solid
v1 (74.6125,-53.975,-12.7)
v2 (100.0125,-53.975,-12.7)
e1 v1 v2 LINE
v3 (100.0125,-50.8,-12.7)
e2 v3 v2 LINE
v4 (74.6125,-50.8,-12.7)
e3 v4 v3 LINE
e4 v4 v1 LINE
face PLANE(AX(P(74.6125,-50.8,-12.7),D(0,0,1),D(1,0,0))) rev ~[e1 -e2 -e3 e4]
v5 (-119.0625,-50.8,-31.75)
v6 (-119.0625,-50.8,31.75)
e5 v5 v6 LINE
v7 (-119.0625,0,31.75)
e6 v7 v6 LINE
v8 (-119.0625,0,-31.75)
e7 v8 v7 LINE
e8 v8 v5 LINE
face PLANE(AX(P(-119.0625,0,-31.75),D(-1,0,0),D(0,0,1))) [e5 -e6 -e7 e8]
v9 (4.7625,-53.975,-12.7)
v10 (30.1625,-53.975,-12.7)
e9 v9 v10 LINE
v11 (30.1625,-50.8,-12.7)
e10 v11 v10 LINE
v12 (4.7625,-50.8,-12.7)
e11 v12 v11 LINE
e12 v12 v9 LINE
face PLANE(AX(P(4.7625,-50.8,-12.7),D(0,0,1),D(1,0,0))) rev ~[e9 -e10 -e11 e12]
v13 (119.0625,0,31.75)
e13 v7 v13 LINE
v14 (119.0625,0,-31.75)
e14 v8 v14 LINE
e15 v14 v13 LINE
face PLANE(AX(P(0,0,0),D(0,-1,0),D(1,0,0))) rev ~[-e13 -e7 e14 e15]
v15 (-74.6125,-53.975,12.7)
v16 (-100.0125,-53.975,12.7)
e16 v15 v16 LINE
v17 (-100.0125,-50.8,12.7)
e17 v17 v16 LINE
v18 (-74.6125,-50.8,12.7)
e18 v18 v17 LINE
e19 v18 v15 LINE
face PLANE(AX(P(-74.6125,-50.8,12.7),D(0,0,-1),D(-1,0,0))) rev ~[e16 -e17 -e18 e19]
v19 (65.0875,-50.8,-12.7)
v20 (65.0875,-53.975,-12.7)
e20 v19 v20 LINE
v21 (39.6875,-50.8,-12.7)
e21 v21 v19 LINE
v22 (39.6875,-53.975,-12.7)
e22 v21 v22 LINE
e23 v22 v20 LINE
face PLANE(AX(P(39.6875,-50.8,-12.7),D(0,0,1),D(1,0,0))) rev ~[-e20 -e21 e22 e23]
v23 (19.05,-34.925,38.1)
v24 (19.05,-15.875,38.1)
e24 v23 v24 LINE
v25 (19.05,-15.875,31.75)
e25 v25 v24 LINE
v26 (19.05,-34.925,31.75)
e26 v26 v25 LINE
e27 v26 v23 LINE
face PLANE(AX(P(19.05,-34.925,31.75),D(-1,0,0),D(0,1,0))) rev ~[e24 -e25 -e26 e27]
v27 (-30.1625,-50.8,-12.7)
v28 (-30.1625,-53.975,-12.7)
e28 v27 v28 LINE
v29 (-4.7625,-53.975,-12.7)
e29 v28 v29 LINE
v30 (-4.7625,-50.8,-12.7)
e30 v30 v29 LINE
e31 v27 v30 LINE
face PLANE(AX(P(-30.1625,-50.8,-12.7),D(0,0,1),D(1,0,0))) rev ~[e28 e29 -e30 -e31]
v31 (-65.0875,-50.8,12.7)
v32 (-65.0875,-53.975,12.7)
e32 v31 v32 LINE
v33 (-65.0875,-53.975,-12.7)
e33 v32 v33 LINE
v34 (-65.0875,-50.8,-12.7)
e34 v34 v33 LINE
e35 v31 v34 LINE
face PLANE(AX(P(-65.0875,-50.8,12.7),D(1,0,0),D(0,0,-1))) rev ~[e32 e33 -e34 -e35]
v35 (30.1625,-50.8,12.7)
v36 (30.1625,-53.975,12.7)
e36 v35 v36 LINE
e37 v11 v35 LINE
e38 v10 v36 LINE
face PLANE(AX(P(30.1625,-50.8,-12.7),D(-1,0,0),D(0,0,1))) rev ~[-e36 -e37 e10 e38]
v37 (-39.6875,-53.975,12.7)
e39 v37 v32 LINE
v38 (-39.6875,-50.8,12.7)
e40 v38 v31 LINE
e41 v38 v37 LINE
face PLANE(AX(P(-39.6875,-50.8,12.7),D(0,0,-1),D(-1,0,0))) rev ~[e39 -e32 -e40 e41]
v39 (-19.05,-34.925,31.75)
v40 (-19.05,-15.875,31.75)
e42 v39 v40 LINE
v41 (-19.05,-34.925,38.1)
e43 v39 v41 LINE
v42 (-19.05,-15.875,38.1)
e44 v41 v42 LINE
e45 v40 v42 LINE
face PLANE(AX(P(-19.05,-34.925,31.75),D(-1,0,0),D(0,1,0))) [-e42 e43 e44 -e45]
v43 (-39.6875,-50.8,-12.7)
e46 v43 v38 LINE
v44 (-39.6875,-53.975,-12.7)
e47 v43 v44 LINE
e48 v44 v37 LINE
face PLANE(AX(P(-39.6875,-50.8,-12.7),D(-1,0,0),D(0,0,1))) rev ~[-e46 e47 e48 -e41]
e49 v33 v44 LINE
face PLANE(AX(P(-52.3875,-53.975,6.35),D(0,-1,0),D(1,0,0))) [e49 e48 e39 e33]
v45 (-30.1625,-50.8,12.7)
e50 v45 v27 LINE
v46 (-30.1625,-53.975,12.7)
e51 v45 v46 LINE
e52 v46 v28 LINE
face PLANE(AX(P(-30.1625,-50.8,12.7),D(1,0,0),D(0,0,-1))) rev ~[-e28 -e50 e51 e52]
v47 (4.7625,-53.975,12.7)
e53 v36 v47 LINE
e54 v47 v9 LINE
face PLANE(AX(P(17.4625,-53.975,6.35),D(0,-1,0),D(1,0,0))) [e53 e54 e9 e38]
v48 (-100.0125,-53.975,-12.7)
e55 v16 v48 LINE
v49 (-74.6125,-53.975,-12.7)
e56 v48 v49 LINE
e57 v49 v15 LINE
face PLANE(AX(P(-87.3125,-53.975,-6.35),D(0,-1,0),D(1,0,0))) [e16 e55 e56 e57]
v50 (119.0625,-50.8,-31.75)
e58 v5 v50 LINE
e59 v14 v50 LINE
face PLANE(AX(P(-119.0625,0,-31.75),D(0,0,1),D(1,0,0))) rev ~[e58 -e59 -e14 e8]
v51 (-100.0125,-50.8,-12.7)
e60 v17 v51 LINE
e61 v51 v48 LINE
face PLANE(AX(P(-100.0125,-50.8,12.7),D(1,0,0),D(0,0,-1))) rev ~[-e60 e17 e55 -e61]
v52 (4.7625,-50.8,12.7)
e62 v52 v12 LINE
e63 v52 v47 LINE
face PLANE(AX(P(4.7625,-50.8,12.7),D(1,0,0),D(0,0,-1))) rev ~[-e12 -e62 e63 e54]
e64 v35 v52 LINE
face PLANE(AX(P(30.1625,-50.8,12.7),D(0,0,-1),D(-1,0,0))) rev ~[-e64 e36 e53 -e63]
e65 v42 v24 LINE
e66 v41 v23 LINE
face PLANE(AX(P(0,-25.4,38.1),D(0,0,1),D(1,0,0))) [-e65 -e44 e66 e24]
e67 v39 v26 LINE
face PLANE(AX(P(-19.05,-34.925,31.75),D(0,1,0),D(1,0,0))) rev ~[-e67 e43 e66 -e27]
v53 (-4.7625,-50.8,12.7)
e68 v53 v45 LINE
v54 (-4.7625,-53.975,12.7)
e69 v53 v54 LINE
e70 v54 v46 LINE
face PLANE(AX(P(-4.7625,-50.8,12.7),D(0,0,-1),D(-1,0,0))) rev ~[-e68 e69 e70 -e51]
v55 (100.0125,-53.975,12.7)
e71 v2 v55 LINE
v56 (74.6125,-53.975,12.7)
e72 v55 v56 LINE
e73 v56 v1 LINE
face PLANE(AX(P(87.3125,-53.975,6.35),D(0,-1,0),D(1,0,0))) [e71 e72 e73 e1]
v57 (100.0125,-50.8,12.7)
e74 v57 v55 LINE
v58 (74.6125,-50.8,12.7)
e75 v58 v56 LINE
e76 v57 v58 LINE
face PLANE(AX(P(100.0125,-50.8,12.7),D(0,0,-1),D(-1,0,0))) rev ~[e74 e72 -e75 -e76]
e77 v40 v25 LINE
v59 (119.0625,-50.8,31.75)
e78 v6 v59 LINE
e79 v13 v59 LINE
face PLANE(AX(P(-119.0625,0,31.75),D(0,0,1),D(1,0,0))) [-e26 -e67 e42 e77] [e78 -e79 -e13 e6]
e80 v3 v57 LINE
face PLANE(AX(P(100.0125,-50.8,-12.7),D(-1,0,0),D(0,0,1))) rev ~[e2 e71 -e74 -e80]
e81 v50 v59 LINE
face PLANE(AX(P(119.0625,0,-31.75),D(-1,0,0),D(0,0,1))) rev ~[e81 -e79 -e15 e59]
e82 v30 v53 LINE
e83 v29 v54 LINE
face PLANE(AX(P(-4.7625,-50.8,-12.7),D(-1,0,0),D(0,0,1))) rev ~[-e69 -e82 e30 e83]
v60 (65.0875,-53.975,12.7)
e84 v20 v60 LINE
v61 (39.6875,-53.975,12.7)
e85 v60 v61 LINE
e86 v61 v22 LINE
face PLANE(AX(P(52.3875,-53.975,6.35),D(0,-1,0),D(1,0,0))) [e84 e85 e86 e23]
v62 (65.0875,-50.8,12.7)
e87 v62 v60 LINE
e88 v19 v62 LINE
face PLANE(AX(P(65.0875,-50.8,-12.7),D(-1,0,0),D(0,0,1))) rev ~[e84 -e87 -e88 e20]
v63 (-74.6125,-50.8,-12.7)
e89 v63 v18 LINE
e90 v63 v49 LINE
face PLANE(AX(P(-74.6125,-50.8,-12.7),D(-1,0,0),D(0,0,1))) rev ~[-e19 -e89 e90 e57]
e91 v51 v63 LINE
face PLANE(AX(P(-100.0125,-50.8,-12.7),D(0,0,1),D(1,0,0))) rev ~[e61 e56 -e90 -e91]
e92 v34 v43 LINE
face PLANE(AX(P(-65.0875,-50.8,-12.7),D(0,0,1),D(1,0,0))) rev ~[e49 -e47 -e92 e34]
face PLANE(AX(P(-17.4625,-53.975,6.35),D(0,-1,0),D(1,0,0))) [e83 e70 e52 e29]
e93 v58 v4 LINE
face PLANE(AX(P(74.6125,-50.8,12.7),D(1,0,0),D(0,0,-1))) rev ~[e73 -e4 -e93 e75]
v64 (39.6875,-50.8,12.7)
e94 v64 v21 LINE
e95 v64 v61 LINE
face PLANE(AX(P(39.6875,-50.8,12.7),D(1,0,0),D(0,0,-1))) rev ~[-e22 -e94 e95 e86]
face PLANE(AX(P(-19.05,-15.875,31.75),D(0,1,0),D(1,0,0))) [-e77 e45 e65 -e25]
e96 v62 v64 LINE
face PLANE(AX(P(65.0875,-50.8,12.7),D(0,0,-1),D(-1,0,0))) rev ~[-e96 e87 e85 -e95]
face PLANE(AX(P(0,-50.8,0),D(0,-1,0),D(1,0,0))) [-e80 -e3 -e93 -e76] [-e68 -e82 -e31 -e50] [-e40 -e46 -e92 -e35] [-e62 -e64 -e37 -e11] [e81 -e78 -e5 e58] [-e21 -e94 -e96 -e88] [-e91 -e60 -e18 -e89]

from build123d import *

# Parameters (mm, degrees)
F0_W     = 238.125
F0_H     = 63.5
F1_DEPTH = 50.8
F3_DEPTH = 3.175
F4_W     = 38.1
F4_H     = 19.05
F5_DEPTH = 6.35


with BuildPart() as f1:
    # F0 (on Front) → F1 (new body)
    with BuildSketch(Plane.XZ):
        Rectangle(F0_W, F0_H)
    extrude(amount=F1_DEPTH)

    # F2 (on face) → F3 (join)
    with BuildSketch(Plane.XZ.offset(50.8)):
        Polygon((-87.3125, 0), (-100.0125, 0), (-100.0125, -12.7), (-74.6125, -12.7), (-74.6125, 0), align=None)
        Polygon((-100.0125, 12.7), (-100.0125, 0), (-87.3125, 0), (-74.6125, 0), (-74.6125, 12.7), align=None)
        Polygon((-65.0875, 12.7), (-65.0875, 0), (-52.3875, 0), (-39.6875, 0), (-39.6875, 12.7), align=None)
        Polygon((-52.3875, 0), (-65.0875, 0), (-65.0875, -12.7), (-39.6875, -12.7), (-39.6875, 0), align=None)
        Polygon((-30.1625, 12.7), (-30.1625, 0), (-17.4625, 0), (-4.7625, 0), (-4.7625, 12.7), align=None)
        Polygon((-17.4625, 0), (-30.1625, 0), (-30.1625, -12.7), (-4.7625, -12.7), (-4.7625, 0), align=None)
        Polygon((4.7625, 12.7), (4.7625, 0), (17.4625, 0), (30.1625, 0), (30.1625, 12.7), align=None)
        Polygon((17.4625, 0), (4.7625, 0), (4.7625, -12.7), (30.1625, -12.7), (30.1625, 0), align=None)
        Polygon((39.6875, 12.7), (39.6875, 0), (52.3875, 0), (65.0875, 0), (65.0875, 12.7), align=None)
        Polygon((52.3875, 0), (39.6875, 0), (39.6875, -12.7), (65.0875, -12.7), (65.0875, 0), align=None)
        Polygon((74.6125, 12.7), (74.6125, 0), (87.3125, 0), (100.0125, 0), (100.0125, 12.7), align=None)
        Polygon((87.3125, 0), (74.6125, 0), (74.6125, -12.7), (100.0125, -12.7), (100.0125, 0), align=None)
    extrude(amount=F3_DEPTH)

    # F4 (on face) → F5 (join)
    with BuildSketch(Plane.XY.offset(31.75)):
        with Locations((0, -25.4)):
            Rectangle(F4_W, F4_H)
    extrude(amount=F5_DEPTH)


solid = f1.part
